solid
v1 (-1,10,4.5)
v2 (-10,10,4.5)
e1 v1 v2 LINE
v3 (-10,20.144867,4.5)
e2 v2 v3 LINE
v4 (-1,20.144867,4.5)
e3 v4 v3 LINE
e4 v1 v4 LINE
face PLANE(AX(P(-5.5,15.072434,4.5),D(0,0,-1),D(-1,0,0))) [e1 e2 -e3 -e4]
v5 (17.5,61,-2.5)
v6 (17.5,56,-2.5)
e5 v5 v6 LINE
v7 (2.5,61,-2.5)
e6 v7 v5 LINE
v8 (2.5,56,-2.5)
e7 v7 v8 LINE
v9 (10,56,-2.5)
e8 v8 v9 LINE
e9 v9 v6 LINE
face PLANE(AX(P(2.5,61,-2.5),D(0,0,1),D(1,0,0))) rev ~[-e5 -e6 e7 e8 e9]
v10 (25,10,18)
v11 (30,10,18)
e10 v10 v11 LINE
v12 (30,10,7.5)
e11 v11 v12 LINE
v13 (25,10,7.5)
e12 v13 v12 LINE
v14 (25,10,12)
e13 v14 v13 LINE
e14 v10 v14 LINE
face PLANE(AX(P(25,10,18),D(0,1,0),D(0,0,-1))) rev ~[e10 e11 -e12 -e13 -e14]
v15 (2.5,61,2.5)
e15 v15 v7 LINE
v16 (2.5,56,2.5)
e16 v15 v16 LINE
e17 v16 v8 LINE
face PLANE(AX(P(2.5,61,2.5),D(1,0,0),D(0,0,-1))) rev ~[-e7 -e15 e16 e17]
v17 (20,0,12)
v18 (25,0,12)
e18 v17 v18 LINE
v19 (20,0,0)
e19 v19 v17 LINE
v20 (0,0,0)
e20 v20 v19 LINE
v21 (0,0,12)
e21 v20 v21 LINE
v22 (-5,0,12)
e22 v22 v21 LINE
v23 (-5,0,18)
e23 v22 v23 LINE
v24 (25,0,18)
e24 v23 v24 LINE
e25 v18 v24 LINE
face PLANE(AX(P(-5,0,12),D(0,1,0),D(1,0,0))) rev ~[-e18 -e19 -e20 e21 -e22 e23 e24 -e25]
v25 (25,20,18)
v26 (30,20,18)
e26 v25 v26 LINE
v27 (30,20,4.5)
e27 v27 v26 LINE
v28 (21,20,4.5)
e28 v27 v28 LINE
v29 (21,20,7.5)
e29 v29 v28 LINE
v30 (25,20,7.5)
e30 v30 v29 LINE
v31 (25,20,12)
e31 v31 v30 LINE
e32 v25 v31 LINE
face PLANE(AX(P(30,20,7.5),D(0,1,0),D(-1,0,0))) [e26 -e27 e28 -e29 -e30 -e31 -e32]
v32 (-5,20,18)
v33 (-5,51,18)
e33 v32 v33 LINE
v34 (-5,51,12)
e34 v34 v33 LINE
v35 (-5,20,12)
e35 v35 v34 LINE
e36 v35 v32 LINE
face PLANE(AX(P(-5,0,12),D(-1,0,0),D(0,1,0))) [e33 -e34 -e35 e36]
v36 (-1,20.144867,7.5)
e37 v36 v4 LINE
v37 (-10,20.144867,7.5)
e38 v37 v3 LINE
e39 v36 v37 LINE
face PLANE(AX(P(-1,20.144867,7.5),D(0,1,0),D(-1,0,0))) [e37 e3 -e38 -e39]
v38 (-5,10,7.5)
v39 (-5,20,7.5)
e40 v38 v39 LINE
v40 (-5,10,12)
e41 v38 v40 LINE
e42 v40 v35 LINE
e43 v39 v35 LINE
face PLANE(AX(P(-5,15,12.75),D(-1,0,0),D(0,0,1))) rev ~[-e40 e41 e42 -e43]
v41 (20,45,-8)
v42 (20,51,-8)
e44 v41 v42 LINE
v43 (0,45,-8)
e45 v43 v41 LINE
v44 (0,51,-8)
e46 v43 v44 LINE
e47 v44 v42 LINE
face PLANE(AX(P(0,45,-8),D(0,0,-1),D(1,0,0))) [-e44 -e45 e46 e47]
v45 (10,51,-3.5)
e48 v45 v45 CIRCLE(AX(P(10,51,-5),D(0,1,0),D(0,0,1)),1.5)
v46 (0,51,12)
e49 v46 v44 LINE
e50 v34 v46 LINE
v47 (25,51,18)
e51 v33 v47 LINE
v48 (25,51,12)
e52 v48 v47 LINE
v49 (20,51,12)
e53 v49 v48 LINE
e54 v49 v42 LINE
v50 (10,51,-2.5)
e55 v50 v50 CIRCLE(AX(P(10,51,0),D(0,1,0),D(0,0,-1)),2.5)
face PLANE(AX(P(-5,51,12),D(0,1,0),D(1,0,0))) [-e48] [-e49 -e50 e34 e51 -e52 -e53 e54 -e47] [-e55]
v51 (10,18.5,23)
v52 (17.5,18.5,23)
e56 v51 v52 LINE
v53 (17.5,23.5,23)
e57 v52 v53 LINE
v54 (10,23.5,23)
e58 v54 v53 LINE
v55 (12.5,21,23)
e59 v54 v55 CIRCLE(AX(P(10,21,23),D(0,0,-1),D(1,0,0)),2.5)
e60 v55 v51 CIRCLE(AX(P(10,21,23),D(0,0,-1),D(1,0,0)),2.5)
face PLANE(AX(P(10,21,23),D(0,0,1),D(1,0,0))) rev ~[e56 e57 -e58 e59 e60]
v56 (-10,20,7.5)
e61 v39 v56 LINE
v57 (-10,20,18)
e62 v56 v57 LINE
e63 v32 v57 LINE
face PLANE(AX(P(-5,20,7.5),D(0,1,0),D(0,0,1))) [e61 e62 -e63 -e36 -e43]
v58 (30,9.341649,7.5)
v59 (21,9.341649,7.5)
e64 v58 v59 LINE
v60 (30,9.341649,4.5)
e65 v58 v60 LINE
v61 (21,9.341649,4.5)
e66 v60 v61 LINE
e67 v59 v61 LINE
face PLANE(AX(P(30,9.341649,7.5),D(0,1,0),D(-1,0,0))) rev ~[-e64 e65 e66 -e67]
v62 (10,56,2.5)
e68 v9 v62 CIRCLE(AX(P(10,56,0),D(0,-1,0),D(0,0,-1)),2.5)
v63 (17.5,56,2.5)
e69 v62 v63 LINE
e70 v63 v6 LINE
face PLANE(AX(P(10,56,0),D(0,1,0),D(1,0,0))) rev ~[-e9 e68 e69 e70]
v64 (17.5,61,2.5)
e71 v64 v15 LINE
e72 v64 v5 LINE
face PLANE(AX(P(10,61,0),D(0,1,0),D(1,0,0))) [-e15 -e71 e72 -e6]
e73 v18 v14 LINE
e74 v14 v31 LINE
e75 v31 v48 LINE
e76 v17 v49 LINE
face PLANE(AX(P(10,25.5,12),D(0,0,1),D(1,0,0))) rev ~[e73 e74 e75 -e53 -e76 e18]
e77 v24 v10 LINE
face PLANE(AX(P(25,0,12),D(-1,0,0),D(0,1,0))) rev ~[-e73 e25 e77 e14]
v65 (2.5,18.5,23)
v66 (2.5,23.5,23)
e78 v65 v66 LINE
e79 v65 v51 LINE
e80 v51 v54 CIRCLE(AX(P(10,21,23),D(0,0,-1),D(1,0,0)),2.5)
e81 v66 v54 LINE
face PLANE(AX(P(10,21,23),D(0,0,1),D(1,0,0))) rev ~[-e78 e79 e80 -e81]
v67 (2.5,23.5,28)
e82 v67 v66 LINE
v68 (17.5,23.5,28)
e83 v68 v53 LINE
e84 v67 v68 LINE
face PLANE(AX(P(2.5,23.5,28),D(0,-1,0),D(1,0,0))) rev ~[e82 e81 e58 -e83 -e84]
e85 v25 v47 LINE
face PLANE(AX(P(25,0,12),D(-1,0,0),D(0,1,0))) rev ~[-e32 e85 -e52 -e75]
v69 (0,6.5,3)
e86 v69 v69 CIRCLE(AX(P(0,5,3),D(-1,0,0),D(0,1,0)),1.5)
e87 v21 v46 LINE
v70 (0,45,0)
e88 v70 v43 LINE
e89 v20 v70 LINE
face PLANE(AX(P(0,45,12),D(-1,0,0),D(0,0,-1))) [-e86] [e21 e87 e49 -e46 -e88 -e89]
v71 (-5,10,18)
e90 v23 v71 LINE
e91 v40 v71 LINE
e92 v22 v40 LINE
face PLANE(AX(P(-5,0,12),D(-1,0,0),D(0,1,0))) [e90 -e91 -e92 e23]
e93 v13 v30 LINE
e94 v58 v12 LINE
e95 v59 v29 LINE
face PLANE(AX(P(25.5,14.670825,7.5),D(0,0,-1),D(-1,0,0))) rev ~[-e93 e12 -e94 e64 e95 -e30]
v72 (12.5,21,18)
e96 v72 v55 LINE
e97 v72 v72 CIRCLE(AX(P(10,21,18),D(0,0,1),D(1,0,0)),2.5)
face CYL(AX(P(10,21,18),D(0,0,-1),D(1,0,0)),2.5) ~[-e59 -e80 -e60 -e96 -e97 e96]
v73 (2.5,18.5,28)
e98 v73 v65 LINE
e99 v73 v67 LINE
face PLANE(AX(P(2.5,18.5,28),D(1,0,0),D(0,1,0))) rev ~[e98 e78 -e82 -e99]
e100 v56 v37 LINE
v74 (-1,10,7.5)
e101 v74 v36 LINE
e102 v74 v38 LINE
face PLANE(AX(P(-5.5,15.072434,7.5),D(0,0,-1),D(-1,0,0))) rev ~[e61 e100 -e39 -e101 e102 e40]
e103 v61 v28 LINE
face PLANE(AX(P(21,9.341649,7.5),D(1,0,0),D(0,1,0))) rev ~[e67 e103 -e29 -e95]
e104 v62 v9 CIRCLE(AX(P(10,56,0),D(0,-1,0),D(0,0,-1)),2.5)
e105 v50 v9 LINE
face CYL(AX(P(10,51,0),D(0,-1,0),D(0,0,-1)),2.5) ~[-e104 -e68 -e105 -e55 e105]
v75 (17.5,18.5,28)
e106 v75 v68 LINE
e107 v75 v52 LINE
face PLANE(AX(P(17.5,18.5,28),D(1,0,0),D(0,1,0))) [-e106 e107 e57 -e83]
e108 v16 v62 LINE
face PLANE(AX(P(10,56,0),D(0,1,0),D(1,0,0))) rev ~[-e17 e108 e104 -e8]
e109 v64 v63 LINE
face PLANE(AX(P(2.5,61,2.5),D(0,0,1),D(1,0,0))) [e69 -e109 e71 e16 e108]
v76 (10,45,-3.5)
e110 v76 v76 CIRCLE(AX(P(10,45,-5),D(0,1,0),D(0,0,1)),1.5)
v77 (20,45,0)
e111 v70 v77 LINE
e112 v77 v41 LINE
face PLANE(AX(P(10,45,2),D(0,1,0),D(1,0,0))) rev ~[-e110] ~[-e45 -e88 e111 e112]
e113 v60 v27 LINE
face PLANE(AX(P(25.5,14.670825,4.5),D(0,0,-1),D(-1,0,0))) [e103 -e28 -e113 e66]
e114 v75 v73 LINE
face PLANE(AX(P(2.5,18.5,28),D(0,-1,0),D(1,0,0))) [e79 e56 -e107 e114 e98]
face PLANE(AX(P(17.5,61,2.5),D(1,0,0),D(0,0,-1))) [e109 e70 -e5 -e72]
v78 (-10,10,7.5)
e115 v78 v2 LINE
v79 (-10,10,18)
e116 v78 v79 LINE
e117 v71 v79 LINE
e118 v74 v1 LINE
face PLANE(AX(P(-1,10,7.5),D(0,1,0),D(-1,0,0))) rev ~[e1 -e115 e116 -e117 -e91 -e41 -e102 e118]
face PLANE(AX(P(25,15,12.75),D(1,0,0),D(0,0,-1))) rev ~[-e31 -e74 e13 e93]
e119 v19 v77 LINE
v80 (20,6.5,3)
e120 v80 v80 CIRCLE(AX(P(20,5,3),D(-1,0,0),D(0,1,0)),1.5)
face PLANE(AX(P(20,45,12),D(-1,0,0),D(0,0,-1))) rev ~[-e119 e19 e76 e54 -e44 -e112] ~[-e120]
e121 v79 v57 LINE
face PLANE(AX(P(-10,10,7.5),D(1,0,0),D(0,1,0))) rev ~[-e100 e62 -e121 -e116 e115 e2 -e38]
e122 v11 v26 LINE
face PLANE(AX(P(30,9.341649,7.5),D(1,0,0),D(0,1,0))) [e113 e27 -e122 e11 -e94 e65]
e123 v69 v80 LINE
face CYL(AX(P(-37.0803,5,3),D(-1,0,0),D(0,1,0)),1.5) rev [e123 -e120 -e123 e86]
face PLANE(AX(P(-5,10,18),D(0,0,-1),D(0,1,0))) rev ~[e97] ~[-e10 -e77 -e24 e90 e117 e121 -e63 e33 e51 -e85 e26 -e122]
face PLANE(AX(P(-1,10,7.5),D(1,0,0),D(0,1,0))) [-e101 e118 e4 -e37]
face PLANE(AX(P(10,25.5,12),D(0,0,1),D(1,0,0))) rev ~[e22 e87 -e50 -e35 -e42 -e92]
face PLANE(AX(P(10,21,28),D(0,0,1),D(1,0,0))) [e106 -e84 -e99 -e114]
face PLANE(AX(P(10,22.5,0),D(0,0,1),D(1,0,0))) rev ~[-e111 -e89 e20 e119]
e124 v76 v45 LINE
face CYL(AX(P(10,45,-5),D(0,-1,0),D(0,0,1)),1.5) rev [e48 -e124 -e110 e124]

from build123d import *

# Parameters (mm, degrees)
SKETCH_1_W               = 20
SKETCH_1_H               = 45
EXTRUDE_1_DEPTH          = 12
SKETCH_2_W               = 20
SKETCH_2_H               = 20
SKETCH_2_R               = 1.5
EXTRUDE_2_DEPTH          = 6
CUT_EXTRUDE_1_DEPTH      = 57.080299571
CUT_EXTRUDE_1_DEPTH_BACK = 57.080299571
SKETCH_3_R               = 1.5
SKETCH_4_W               = 30
SKETCH_4_H               = 51
EXTRUDE_3_DEPTH          = 6
SKETCH_5_W               = 10.5
SKETCH_5_H               = 10
EXTRUDE_4_DEPTH          = 5
SKETCH_6_W               = 9
SKETCH_6_H               = 10.658350912
EXTRUDE_5_DEPTH          = 3
SKETCH_7_W               = 10.5
SKETCH_7_H               = 10
EXTRUDE_6_DEPTH          = 5
SKETCH_8_W               = 9
SKETCH_8_H               = 10.144867035
EXTRUDE_7_DEPTH          = 3
SKETCH_9_R               = 2.5
EXTRUDE_8_DEPTH          = 10
SKETCH_10_W              = 15
SKETCH_10_H              = 5
EXTRUDE_9_DEPTH          = 5
SKETCH_11_R              = 2.5
EXTRUDE_10_DEPTH         = 10
SKETCH_12_W              = 15
SKETCH_12_H              = 5
EXTRUDE_11_DEPTH         = 5


with BuildPart() as part:
    # ｽｹｯﾁ1 → ﾎﾞｽ - 押し出し1 (new body)
    with BuildSketch(Plane.XY):
        with Locations((10, 22.5)):
            Rectangle(SKETCH_1_W, SKETCH_1_H)
    extrude(amount=EXTRUDE_1_DEPTH)

    # ｽｹｯﾁ2 → ﾎﾞｽ - 押し出し2 (add)
    with BuildSketch(Plane(origin=(0, 45, 0), x_dir=(1, 0, 0), z_dir=(0, 1, 0))):
        with Locations((10, -2)):
            Rectangle(SKETCH_2_W, SKETCH_2_H)
        with Locations(Location((10, 5, 0), (0, 0, 270))):
            Circle(SKETCH_2_R, mode=Mode.SUBTRACT)
    extrude(amount=EXTRUDE_2_DEPTH)

    # ｽｹｯﾁ3 → ｶｯﾄ - 押し出し1 (cut, two sides: drawn at the far end of the back side and taken through both)
    with BuildSketch(Plane(origin=(20, 0, 0), x_dir=(0, 0, -1), z_dir=(1, 0, 0)).offset(-CUT_EXTRUDE_1_DEPTH_BACK)):
        with Locations(Location((-3, 5, 0), (0, 0, 90))):
            Circle(SKETCH_3_R)
    extrude(amount=CUT_EXTRUDE_1_DEPTH + CUT_EXTRUDE_1_DEPTH_BACK, mode=Mode.SUBTRACT)

    # ｽｹｯﾁ4 → ﾎﾞｽ - 押し出し3 (add)
    with BuildSketch(Plane.XY.offset(12)):
        with Locations((10, 25.5)):
            Rectangle(SKETCH_4_W, SKETCH_4_H)
    extrude(amount=EXTRUDE_3_DEPTH)

    # ｽｹｯﾁ5 → ﾎﾞｽ - 押し出し4 (add)
    with BuildSketch(Plane(origin=(25, 0, 0), x_dir=(0, 0, -1), z_dir=(1, 0, 0))):
        with Locations((-12.75, 15)):
            Rectangle(SKETCH_5_W, SKETCH_5_H)
    extrude(amount=EXTRUDE_4_DEPTH)

    # ｽｹｯﾁ6 → ﾎﾞｽ - 押し出し5 (add)
    with BuildSketch(Plane(origin=(0, 0, 7.5), x_dir=(-1, 0, 0), z_dir=(0, 0, -1))):
        with Locations((-25.5, 14.670824544)):
            Rectangle(SKETCH_6_W, SKETCH_6_H)
    extrude(amount=EXTRUDE_5_DEPTH)

    # ｽｹｯﾁ7 → ﾎﾞｽ - 押し出し6 (add)
    with BuildSketch(Plane.ZY.offset(5)):
        with Locations((12.75, 15)):
            Rectangle(SKETCH_7_W, SKETCH_7_H)
    extrude(amount=EXTRUDE_6_DEPTH)

    # ｽｹｯﾁ8 → ﾎﾞｽ - 押し出し7 (add)
    with BuildSketch(Plane(origin=(0, 0, 7.5), x_dir=(-1, 0, 0), z_dir=(0, 0, -1))):
        with Locations((5.5, 15.072433518)):
            Rectangle(SKETCH_8_W, SKETCH_8_H)
    extrude(amount=EXTRUDE_7_DEPTH)

    # ｽｹｯﾁ9 → ﾎﾞｽ - 押し出し8 (add)
    with BuildSketch(Plane(origin=(0, 51, 0), x_dir=(1, 0, 0), z_dir=(0, 1, 0))):
        with Locations(Location((10, 0, 0), (0, 0, 90))):
            Circle(SKETCH_9_R)
    extrude(amount=EXTRUDE_8_DEPTH)

    # ｽｹｯﾁ10 → ﾎﾞｽ - 押し出し9 (add)
    with BuildSketch(Plane(origin=(0, 61, 0), x_dir=(1, 0, 0), z_dir=(0, 1, 0))):
        with Locations((10, 0)):
            Rectangle(SKETCH_10_W, SKETCH_10_H)
    extrude(amount=-EXTRUDE_9_DEPTH)

    # ｽｹｯﾁ11 → ﾎﾞｽ - 押し出し10 (add)
    with BuildSketch(Plane.XY.offset(18)):
        with Locations((10, 21)):
            Circle(SKETCH_11_R)
    extrude(amount=EXTRUDE_10_DEPTH)

    # ｽｹｯﾁ12 → ﾎﾞｽ - 押し出し11 (add)
    with BuildSketch(Plane.XY.offset(28)):
        with Locations((10, 21)):
            Rectangle(SKETCH_12_W, SKETCH_12_H)
    extrude(amount=-EXTRUDE_11_DEPTH)


solid = part.part
